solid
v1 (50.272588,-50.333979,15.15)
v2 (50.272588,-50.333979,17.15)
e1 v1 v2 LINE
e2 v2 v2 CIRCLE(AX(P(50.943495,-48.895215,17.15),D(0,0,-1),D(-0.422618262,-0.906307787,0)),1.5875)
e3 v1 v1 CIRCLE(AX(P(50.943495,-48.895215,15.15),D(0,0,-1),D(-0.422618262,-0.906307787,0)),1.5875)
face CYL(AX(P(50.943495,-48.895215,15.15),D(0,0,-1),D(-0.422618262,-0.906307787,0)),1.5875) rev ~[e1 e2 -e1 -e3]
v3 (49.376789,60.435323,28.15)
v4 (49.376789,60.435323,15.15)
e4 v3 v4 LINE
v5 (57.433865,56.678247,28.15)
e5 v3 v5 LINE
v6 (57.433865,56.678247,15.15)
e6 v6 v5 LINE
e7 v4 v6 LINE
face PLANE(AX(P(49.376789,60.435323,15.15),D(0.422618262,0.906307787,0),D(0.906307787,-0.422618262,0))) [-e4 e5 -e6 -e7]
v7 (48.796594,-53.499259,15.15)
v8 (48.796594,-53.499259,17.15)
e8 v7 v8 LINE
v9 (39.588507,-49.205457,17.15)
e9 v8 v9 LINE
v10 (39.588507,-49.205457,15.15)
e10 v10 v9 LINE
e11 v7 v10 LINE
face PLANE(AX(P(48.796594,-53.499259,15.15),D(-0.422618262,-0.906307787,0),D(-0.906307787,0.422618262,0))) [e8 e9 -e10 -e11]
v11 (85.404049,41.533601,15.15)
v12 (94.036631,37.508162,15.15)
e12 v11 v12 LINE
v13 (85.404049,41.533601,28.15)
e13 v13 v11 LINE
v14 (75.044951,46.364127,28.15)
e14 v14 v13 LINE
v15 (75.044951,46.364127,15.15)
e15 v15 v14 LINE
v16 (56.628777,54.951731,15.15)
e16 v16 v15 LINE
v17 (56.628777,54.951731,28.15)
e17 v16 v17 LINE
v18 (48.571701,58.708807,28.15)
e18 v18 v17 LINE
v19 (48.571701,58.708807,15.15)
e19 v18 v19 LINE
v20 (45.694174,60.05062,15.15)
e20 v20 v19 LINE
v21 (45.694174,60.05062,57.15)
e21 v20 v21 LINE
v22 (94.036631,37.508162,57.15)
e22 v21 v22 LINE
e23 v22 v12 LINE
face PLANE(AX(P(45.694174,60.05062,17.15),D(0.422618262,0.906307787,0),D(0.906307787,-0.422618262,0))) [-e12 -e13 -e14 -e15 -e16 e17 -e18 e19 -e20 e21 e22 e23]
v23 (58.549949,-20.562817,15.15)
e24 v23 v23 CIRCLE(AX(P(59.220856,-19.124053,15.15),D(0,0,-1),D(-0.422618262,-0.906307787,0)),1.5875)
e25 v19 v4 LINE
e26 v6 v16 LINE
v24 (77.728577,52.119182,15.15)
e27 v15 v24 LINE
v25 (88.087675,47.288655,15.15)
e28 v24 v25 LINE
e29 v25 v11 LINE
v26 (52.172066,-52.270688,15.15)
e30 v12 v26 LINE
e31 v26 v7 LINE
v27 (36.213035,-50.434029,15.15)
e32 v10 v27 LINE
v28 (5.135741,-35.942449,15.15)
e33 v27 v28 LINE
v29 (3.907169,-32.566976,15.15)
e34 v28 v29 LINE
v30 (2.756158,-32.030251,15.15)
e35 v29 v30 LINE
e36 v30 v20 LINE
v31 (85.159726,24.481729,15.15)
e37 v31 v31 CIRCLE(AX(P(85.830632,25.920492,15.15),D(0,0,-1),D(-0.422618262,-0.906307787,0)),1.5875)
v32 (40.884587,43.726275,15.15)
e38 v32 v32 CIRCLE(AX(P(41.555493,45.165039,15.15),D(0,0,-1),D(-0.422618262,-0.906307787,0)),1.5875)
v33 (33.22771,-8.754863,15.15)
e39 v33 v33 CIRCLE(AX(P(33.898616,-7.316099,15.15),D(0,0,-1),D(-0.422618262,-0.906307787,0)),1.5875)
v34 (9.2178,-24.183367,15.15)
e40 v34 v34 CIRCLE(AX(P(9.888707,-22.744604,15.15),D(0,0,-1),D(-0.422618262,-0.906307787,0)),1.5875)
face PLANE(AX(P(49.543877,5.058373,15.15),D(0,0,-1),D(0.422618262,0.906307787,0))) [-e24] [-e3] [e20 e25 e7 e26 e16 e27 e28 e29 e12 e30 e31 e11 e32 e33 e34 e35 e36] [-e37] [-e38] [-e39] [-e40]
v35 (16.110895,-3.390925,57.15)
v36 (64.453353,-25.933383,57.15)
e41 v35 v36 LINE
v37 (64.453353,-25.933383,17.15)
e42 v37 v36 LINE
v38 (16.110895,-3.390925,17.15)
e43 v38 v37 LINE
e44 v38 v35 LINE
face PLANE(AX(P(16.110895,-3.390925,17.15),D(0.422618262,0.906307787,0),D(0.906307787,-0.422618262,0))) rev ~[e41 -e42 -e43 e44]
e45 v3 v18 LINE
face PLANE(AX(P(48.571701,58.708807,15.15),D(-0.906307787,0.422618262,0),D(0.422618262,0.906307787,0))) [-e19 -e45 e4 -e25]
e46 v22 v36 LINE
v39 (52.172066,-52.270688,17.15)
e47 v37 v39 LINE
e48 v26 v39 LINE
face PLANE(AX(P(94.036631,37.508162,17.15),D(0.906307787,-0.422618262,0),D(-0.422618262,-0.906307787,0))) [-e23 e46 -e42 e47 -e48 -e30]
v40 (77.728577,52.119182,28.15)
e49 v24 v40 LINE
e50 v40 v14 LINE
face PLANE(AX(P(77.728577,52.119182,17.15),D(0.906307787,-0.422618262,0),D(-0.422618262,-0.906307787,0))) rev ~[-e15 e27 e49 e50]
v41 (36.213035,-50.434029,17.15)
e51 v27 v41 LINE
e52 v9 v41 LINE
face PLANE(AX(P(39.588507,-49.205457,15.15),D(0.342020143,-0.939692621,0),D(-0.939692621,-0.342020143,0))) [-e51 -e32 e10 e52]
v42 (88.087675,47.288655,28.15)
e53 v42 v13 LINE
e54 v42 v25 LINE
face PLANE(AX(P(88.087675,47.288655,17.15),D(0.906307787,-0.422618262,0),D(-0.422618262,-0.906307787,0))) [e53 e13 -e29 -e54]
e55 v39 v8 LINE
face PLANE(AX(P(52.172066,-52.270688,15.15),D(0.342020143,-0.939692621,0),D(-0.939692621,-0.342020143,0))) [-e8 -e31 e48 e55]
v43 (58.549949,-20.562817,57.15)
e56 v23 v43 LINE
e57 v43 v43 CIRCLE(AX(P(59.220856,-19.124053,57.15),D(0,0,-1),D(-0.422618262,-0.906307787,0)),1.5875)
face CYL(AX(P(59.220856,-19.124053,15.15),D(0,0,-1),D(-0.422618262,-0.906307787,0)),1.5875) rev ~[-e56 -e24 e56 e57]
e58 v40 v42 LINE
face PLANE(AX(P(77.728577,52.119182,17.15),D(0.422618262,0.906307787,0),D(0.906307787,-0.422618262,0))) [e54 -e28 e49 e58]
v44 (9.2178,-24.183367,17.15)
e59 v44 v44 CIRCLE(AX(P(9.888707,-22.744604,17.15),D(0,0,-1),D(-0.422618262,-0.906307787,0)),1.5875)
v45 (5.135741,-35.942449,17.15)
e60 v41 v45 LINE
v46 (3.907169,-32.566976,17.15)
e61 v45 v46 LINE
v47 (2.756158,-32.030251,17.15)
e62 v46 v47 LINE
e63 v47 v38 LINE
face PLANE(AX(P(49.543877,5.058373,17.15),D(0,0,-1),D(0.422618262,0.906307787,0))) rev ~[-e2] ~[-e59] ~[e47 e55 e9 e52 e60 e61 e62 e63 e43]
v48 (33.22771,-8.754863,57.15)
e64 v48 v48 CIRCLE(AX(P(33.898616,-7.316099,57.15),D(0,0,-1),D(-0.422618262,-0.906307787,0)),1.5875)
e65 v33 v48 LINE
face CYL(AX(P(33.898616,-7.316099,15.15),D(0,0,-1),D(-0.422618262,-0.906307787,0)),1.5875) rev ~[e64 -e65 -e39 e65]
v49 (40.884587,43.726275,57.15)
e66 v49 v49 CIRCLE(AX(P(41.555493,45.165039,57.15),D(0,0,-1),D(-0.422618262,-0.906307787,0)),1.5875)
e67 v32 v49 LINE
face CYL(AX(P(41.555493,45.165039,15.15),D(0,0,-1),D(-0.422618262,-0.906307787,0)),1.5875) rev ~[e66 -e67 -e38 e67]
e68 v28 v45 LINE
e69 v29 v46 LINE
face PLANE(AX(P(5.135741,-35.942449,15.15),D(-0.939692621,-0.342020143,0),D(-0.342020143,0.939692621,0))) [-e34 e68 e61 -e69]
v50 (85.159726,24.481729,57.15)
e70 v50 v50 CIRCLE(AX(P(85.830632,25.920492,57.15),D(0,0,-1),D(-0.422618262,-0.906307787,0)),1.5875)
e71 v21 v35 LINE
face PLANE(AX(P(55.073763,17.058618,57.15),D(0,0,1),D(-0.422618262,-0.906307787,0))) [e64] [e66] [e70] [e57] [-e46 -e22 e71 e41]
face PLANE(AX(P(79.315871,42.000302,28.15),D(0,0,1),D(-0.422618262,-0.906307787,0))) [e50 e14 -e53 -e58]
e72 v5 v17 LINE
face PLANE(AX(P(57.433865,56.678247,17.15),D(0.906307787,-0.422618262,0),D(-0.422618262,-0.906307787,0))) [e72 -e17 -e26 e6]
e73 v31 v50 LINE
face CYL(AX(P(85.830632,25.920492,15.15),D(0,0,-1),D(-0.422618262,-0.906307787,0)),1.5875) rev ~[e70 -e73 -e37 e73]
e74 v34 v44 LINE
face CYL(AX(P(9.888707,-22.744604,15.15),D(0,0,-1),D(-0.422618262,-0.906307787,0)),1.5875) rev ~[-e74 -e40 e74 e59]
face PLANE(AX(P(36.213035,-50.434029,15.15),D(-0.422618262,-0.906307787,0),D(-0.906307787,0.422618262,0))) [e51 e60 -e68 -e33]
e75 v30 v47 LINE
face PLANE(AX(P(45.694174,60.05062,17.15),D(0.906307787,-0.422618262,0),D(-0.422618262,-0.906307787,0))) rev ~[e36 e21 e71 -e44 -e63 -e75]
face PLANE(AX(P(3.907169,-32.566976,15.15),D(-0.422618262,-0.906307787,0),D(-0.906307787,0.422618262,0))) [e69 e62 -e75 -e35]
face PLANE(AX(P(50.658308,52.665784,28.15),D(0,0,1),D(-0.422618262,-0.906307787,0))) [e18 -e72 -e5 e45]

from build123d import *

# Parameters (mm, degrees)
PAD017_DEPTH            = 2
SKETCH057_W             = 70
SKETCH057_H             = 53.34
PAD018_DEPTH            = 40
SKETCH058_W             = 17
SKETCH058_H             = 11.43
SKETCH058_W_2           = 13
SKETCH058_H_2           = 8.89
PAD019_DEPTH            = 11
SKETCH059_R             = 1.5875
POCKET_DEPTH            = 50
BODY012_PLACEMENT_ANGLE = 115


with BuildPart() as part:
    # Sketch056 → Pad017 (new body)
    with BuildSketch(Plane.XY):
        Polygon((-101.6, 53.34), (-2.54, 53.34), (0, 50.8), (0, 40.64), (2.54, 38.1), (2.54, 3.81), (0, 1.27), (0, 0), (-101.6, 0), (-101.6, 3.175), (-103.505, 3.175), (-103.505, 12.065), (-101.6, 12.065), (-101.6, 32.385), (-107.95, 32.385), (-107.95, 43.815), (-101.6, 43.815), align=None)
    extrude(amount=PAD017_DEPTH)

    # Sketch057 (on Face19 of Pad017) → Pad018 (join)
    with BuildSketch(Plane.XY.offset(2)):
        with Locations((-66.6, 26.67)):
            Rectangle(SKETCH057_W, SKETCH057_H)
    extrude(amount=PAD018_DEPTH)

    # Sketch058 (on Face24 of Pad018) → Pad019 (join)
    with BuildSketch(Plane.XY.offset(2)):
        with Locations((-99.45, 38.1)):
            Rectangle(SKETCH058_W, SKETCH058_H)
        with Locations((-97.005, 7.62)):
            Rectangle(SKETCH058_W_2, SKETCH058_H_2)
    extrude(amount=PAD019_DEPTH)

    # Sketch059 (on Face4 of Pad019) → Pocket (cut)
    with BuildSketch(Plane(origin=(0, 0, 0), x_dir=(1, 0, 0), z_dir=(0, 0, -1))):
        with Locations((-86.36, -2.54)):
            Circle(SKETCH059_R)
        with Locations((-11.43, -2.54)):
            Circle(SKETCH059_R)
        with Locations((-87.63, -50.8)):
            Circle(SKETCH059_R)
        with Locations((-5.08, -50.8)):
            Circle(SKETCH059_R)
        with Locations((-35.56, -17.78)):
            Circle(SKETCH059_R)
        with Locations((-35.56, -45.72)):
            Circle(SKETCH059_R)
    extrude(amount=-POCKET_DEPTH, mode=Mode.SUBTRACT)


with BuildPart() as part_1:
    # Body012 placement: moved
    add(part.part.moved(Location((2.7561582663, -32.0302512871, 15.15))).rotate(Axis((2.7561582663, -32.0302512871, 15.15), (0, 0, -1)), BODY012_PLACEMENT_ANGLE))


solid = part_1.part
